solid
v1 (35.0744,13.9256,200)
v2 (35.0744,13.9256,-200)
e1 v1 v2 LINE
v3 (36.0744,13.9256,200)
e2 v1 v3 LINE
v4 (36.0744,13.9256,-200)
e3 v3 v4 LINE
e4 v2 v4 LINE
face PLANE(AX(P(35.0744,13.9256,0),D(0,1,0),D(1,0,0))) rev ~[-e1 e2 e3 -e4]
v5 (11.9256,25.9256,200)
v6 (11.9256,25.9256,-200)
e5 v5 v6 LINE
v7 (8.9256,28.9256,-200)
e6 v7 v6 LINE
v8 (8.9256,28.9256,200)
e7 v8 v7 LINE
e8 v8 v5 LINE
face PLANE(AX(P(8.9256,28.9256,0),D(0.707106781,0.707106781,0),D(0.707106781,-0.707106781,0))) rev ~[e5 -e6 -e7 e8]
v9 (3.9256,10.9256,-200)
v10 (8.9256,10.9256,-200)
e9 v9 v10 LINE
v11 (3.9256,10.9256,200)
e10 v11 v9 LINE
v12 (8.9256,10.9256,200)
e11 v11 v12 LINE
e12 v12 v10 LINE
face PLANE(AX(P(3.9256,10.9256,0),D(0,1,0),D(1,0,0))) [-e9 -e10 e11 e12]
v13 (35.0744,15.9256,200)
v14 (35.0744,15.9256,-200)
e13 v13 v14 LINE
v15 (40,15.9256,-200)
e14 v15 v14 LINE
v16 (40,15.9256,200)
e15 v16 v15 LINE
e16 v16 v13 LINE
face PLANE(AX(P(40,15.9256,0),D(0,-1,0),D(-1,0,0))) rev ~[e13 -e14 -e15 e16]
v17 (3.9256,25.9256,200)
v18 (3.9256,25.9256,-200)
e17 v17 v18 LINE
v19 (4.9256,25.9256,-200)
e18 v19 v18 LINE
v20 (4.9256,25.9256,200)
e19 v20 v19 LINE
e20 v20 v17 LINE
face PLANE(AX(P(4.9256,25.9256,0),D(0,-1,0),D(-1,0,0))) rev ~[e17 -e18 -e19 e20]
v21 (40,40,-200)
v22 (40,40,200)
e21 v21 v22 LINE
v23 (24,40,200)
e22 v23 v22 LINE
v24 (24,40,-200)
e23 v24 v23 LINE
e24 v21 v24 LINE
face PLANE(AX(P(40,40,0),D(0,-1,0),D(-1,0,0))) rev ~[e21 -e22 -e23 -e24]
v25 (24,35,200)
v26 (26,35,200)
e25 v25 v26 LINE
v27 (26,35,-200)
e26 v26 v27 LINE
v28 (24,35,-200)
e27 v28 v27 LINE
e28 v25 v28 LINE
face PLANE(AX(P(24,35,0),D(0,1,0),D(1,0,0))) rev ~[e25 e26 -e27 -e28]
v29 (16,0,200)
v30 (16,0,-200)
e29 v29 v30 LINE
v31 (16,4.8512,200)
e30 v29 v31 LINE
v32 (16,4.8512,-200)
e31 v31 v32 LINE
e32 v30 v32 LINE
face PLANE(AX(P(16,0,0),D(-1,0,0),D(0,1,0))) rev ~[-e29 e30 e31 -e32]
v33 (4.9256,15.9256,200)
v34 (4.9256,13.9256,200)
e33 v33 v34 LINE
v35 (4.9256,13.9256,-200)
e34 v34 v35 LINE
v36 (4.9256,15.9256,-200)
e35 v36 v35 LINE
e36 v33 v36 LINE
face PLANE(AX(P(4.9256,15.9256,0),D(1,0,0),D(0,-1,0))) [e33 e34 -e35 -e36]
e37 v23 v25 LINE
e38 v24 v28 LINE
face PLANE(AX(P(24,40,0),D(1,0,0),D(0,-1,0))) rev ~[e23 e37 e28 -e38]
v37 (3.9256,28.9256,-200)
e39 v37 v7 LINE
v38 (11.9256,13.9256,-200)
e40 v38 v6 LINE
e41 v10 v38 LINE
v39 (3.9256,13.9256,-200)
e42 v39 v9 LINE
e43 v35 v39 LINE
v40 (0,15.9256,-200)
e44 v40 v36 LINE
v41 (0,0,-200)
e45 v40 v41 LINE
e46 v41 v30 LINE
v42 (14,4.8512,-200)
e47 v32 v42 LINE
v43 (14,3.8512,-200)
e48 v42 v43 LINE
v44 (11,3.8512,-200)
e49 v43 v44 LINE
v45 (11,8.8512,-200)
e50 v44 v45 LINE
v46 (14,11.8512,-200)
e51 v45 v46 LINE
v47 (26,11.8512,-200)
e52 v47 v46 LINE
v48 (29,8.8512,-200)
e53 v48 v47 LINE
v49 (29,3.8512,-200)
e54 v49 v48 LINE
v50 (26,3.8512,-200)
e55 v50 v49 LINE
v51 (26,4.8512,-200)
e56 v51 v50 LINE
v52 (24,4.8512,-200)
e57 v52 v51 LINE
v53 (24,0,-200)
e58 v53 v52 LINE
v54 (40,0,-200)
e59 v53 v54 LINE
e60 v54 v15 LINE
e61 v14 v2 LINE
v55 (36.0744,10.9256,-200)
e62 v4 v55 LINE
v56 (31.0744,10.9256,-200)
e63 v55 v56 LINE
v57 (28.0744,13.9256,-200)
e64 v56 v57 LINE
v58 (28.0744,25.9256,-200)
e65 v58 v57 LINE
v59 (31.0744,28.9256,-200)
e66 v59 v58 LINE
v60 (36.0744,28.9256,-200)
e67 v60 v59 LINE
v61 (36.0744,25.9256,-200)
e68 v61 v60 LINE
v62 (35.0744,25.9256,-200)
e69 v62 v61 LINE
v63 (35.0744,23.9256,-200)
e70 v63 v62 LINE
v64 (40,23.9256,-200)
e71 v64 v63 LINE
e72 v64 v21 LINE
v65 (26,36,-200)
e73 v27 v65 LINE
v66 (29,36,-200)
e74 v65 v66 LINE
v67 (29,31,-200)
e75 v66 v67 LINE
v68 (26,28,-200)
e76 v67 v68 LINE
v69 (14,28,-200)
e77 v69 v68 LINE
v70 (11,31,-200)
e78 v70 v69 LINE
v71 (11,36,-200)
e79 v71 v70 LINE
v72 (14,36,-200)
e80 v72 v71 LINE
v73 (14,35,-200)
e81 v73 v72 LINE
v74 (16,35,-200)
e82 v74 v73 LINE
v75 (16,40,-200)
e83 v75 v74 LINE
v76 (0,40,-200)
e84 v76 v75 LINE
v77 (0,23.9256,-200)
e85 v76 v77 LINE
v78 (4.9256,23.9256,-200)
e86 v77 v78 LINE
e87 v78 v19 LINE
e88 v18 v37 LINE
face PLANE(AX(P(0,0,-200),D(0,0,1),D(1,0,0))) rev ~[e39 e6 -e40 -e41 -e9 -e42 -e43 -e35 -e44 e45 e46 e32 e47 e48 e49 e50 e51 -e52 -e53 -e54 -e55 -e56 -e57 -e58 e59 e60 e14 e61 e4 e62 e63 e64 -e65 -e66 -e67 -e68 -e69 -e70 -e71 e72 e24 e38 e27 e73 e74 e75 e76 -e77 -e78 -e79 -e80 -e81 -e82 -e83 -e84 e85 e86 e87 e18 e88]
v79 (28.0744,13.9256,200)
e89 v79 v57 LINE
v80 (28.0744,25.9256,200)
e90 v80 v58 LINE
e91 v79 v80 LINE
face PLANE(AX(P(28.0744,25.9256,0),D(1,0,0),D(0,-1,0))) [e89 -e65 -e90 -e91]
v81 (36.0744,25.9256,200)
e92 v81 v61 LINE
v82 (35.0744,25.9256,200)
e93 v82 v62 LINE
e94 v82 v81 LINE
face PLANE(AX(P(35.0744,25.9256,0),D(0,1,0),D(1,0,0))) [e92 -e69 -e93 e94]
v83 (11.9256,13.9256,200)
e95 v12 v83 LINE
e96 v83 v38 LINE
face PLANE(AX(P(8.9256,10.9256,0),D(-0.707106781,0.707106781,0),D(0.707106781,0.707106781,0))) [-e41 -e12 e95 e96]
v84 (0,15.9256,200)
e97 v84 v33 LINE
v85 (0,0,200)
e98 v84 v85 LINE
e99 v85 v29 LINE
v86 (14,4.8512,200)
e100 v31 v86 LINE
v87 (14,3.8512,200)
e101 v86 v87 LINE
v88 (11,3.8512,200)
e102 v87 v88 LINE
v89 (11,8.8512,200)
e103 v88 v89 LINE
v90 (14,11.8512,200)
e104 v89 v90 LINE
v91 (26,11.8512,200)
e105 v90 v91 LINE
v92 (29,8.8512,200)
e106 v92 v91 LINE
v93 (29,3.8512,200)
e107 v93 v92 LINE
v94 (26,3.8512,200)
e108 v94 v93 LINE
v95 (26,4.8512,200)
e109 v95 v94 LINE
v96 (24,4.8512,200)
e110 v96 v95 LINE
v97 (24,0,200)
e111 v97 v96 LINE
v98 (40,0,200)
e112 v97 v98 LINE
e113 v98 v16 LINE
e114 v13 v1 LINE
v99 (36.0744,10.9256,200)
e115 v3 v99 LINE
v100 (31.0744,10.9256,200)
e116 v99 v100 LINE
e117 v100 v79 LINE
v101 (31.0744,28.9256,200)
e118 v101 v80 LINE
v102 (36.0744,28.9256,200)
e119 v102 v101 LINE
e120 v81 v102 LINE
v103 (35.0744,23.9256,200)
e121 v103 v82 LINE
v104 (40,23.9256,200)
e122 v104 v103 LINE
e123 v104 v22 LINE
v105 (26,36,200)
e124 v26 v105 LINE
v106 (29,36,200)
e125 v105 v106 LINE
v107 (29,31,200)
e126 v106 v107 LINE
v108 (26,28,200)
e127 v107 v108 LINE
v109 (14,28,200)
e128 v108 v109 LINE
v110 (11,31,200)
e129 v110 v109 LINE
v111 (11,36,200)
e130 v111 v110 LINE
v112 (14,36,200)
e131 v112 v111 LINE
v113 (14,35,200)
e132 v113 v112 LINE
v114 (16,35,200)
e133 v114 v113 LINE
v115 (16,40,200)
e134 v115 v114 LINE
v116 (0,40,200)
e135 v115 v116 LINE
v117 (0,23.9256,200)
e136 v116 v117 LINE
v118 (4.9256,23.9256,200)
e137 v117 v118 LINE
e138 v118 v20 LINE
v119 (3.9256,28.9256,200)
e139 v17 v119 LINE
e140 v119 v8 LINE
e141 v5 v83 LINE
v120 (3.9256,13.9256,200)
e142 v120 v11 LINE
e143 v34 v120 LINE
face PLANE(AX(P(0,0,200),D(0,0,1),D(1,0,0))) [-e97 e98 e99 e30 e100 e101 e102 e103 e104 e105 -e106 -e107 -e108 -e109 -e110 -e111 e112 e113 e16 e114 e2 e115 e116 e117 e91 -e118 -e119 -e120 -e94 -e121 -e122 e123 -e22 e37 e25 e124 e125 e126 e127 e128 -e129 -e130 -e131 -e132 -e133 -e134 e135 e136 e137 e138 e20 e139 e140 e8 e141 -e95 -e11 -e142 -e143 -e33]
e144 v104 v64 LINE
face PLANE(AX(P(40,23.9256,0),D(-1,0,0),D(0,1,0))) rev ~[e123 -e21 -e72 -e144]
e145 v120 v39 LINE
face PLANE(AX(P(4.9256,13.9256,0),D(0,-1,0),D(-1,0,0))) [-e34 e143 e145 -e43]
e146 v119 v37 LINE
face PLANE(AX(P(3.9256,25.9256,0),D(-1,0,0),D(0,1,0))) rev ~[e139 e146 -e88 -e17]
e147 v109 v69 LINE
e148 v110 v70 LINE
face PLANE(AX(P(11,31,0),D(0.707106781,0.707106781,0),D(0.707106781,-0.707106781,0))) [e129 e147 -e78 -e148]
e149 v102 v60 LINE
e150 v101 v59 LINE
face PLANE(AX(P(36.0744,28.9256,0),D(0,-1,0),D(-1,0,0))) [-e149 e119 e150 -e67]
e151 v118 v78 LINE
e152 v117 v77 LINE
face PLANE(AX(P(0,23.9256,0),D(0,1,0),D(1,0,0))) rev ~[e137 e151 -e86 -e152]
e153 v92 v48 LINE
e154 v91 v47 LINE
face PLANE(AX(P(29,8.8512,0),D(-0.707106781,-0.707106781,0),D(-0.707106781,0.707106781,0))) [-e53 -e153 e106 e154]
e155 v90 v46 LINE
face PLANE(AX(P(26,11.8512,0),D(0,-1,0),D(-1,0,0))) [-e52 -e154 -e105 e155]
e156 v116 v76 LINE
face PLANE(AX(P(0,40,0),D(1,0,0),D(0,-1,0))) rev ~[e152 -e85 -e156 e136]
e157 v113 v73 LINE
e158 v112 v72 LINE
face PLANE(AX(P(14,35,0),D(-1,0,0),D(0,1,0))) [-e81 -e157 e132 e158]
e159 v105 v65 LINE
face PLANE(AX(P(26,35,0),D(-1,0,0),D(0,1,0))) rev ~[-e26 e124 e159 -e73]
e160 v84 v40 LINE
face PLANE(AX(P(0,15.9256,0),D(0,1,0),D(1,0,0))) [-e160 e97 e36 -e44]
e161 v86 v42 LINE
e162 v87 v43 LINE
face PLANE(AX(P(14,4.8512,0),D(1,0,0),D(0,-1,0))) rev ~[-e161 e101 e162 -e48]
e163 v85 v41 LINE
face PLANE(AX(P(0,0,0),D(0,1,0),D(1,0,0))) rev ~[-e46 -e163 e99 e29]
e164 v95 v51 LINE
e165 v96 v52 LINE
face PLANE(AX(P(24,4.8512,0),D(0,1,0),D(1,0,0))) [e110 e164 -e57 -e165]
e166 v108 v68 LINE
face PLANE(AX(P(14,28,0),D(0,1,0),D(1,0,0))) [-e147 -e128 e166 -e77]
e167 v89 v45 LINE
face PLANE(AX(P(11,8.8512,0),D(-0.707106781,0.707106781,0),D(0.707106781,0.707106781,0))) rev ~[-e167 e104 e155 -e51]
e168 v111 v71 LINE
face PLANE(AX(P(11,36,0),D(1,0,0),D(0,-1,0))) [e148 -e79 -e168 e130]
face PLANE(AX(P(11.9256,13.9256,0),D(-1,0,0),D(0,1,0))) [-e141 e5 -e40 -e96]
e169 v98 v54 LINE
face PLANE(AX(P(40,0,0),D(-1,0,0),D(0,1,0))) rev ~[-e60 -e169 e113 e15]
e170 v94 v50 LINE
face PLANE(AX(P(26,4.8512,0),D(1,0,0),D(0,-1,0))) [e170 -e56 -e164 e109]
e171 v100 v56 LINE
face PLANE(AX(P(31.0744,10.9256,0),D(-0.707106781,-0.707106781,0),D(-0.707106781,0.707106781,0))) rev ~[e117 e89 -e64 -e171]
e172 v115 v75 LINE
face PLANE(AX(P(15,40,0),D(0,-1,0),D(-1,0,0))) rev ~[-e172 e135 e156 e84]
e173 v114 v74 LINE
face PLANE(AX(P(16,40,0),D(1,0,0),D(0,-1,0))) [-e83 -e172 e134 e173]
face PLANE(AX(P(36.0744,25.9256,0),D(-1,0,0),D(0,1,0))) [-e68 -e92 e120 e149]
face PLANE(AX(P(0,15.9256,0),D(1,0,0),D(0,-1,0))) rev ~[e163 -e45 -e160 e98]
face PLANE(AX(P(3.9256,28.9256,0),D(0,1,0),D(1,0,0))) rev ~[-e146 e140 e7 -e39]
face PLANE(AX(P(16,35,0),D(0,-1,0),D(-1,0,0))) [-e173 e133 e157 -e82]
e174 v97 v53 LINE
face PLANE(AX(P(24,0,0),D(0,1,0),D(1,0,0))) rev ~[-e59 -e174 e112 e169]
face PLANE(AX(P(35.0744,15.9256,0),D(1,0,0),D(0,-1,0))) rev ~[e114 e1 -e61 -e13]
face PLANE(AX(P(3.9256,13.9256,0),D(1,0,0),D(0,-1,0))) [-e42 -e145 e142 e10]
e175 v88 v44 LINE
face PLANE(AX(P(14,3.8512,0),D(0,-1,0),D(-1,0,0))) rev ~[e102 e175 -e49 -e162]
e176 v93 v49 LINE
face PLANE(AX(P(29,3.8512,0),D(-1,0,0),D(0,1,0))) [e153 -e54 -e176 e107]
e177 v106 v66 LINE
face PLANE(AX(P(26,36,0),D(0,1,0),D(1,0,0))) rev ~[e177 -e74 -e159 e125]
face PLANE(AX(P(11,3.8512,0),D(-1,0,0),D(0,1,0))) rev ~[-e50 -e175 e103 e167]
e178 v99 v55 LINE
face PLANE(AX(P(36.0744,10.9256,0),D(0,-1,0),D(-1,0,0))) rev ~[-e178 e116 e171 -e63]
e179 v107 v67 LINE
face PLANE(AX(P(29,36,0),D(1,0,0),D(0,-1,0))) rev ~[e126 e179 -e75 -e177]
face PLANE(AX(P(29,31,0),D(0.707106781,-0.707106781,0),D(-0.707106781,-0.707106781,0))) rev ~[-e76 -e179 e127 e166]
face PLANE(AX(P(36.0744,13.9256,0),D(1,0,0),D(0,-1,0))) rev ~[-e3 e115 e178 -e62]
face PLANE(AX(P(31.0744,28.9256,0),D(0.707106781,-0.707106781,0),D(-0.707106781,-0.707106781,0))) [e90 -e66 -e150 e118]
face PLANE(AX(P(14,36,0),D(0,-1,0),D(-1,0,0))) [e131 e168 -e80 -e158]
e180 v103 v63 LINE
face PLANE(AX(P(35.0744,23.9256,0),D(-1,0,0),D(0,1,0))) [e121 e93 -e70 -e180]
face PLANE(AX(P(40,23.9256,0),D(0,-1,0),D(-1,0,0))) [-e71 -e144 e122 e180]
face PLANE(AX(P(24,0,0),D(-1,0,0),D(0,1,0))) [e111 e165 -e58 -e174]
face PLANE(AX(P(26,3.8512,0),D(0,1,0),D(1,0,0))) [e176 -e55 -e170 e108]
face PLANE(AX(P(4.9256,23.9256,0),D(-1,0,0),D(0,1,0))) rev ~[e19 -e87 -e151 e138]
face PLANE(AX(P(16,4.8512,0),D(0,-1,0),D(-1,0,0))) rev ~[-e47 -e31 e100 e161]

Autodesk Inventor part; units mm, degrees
ref_plane "YZ Plane" through (0, 0, 0) normal (1, 0, 0) x (0, 1, 0)
ref_plane "XZ Plane" through (0, 0, 0) normal (0, 1, 0) x (-1, 0, 0)
ref_plane "XY Plane" through (0, 0, 0) normal (0, 0, 1) x (1, 0, 0)
sketch "스케치1" plane through (0, 0, 0) normal (0, 0, 1) x (1, 0, 0)
  line L0 (40, 40) -> (25, 40)
  line L1 (15, 40) -> (0, 40)
  line L2 (16, 40) -> (16, 35)
  line L3 (16, 35) -> (14, 35)
  line L4 (14, 35) -> (14, 36)
  line L5 (14, 36) -> (11, 36)
  line L6 (11, 36) -> (11, 31)
  line L7 (11, 31) -> (14, 28)
  line L8 (11, 31) -> (20.81, 31) construction
  line L9 (14, 28) -> (20, 28)
  line L10 (24, 40) -> (24, 35)
  line L11 (24, 35) -> (26, 35)
  line L12 (26, 35) -> (26, 36)
  line L13 (26, 36) -> (29, 36)
  line L14 (29, 36) -> (29, 31)
  line L15 (29, 31) -> (26, 28)
  line L16 (29, 31) -> (19.19, 31) construction
  line L17 (26, 28) -> (20, 28)
  line L18 (-0.0744, 15.9256) -> (4.9256, 15.9256)
  line L19 (-0.0744, 23.9256) -> (4.9256, 23.9256)
  line L20 (4.9256, 23.9256) -> (4.9256, 25.9256)
  line L21 (11.9256, 25.9256) -> (11.9256, 19.9256)
  line L22 (8.9256, 28.9256) -> (8.9256, 19.1155) construction
  line L23 (8.9256, 28.9256) -> (11.9256, 25.9256)
  line L24 (3.9256, 28.9256) -> (8.9256, 28.9256)
  line L25 (3.9256, 25.9256) -> (3.9256, 28.9256)
  line L26 (4.9256, 25.9256) -> (3.9256, 25.9256)
  line L27 (4.9256, 15.9256) -> (4.9256, 13.9256)
  line L28 (11.9256, 13.9256) -> (11.9256, 19.9256)
  line L29 (4.9256, 13.9256) -> (3.9256, 13.9256)
  line L30 (8.9256, 10.9256) -> (11.9256, 13.9256)
  line L31 (8.9256, 10.9256) -> (8.9256, 20.7356) construction
  line L32 (3.9256, 13.9256) -> (3.9256, 10.9256)
  line L33 (3.9256, 10.9256) -> (8.9256, 10.9256)
  line L34 (24, -0.1488) -> (24, 4.8512)
  line L35 (16, -0.1488) -> (16, 4.8512)
  line L36 (16, 4.8512) -> (14, 4.8512)
  line L37 (14, 11.8512) -> (20, 11.8512)
  line L38 (11, 8.8512) -> (20.81, 8.8512) construction
  line L39 (11, 8.8512) -> (14, 11.8512)
  line L40 (11, 3.8512) -> (11, 8.8512)
  line L41 (14, 3.8512) -> (11, 3.8512)
  line L42 (14, 4.8512) -> (14, 3.8512)
  line L43 (24, 4.8512) -> (26, 4.8512)
  line L44 (26, 11.8512) -> (20, 11.8512)
  line L45 (26, 4.8512) -> (26, 3.8512)
  line L46 (29, 8.8512) -> (26, 11.8512)
  line L47 (29, 8.8512) -> (19.19, 8.8512) construction
  line L48 (26, 3.8512) -> (29, 3.8512)
  line L49 (29, 3.8512) -> (29, 8.8512)
  line L50 (40.0744, 23.9256) -> (35.0744, 23.9256)
  line L51 (40.0744, 15.9256) -> (35.0744, 15.9256)
  line L52 (35.0744, 15.9256) -> (35.0744, 13.9256)
  line L53 (28.0744, 13.9256) -> (28.0744, 19.9256)
  line L54 (31.0744, 10.9256) -> (31.0744, 20.7356) construction
  line L55 (31.0744, 10.9256) -> (28.0744, 13.9256)
  line L56 (36.0744, 10.9256) -> (31.0744, 10.9256)
  line L57 (36.0744, 13.9256) -> (36.0744, 10.9256)
  line L58 (35.0744, 13.9256) -> (36.0744, 13.9256)
  line L59 (35.0744, 23.9256) -> (35.0744, 25.9256)
  line L60 (28.0744, 25.9256) -> (28.0744, 19.9256)
  line L61 (35.0744, 25.9256) -> (36.0744, 25.9256)
  line L62 (31.0744, 28.9256) -> (28.0744, 25.9256)
  line L63 (31.0744, 28.9256) -> (31.0744, 19.1155) construction
  line L64 (36.0744, 25.9256) -> (36.0744, 28.9256)
  line L65 (36.0744, 28.9256) -> (31.0744, 28.9256)
  line L66 (11, 20) -> (11.9256, 20)
  line L67 (28.0744, 20) -> (29, 20)
  line L68 (20, 3.8512) -> (20, 4.8512)
  line L69 (20, 35) -> (20, 36)
  line L70 (15, 40) -> (16, 40)
  line L71 (24, 40) -> (25, 40)
  line L72 (0, 40) -> (0, 23.9256)
  line L73 (0, 15.9256) -> (0, 0)
  line L74 (40, 0) -> (40, 15.9256)
  line L75 (40, 23.9256) -> (40, 40)
  line L76 (0, 0) -> (16, 0)
  line L77 (24, 0) -> (40, 0)
  point P0 (25, 38)
  point P1 (20, 19.9256)
  point P2 (15, 35)
  point P3 (25, 35)
  point P4 (4.9256, 24.9256)
  point P5 (4.9256, 14.9256)
  point P6 (15, 4.8512)
  point P7 (25, 4.8512)
  point P8 (35.0744, 14.9256)
  point P9 (35.0744, 24.9256)
  dimension "d0" = 40
  dimension "d1" = 40
  dimension "d14" = 2
  dimension "d15" = 5
  dimension "d16" = 1
  dimension "d17" = 3
  dimension "d18" = 5
  dimension "d19" = 45
  dimension "d21" = 7
  dimension "d24" = 360
extrude "돌출1" add sketch "스케치1" along normal mid plane 400
properties part number "40" material "철, 회색"
